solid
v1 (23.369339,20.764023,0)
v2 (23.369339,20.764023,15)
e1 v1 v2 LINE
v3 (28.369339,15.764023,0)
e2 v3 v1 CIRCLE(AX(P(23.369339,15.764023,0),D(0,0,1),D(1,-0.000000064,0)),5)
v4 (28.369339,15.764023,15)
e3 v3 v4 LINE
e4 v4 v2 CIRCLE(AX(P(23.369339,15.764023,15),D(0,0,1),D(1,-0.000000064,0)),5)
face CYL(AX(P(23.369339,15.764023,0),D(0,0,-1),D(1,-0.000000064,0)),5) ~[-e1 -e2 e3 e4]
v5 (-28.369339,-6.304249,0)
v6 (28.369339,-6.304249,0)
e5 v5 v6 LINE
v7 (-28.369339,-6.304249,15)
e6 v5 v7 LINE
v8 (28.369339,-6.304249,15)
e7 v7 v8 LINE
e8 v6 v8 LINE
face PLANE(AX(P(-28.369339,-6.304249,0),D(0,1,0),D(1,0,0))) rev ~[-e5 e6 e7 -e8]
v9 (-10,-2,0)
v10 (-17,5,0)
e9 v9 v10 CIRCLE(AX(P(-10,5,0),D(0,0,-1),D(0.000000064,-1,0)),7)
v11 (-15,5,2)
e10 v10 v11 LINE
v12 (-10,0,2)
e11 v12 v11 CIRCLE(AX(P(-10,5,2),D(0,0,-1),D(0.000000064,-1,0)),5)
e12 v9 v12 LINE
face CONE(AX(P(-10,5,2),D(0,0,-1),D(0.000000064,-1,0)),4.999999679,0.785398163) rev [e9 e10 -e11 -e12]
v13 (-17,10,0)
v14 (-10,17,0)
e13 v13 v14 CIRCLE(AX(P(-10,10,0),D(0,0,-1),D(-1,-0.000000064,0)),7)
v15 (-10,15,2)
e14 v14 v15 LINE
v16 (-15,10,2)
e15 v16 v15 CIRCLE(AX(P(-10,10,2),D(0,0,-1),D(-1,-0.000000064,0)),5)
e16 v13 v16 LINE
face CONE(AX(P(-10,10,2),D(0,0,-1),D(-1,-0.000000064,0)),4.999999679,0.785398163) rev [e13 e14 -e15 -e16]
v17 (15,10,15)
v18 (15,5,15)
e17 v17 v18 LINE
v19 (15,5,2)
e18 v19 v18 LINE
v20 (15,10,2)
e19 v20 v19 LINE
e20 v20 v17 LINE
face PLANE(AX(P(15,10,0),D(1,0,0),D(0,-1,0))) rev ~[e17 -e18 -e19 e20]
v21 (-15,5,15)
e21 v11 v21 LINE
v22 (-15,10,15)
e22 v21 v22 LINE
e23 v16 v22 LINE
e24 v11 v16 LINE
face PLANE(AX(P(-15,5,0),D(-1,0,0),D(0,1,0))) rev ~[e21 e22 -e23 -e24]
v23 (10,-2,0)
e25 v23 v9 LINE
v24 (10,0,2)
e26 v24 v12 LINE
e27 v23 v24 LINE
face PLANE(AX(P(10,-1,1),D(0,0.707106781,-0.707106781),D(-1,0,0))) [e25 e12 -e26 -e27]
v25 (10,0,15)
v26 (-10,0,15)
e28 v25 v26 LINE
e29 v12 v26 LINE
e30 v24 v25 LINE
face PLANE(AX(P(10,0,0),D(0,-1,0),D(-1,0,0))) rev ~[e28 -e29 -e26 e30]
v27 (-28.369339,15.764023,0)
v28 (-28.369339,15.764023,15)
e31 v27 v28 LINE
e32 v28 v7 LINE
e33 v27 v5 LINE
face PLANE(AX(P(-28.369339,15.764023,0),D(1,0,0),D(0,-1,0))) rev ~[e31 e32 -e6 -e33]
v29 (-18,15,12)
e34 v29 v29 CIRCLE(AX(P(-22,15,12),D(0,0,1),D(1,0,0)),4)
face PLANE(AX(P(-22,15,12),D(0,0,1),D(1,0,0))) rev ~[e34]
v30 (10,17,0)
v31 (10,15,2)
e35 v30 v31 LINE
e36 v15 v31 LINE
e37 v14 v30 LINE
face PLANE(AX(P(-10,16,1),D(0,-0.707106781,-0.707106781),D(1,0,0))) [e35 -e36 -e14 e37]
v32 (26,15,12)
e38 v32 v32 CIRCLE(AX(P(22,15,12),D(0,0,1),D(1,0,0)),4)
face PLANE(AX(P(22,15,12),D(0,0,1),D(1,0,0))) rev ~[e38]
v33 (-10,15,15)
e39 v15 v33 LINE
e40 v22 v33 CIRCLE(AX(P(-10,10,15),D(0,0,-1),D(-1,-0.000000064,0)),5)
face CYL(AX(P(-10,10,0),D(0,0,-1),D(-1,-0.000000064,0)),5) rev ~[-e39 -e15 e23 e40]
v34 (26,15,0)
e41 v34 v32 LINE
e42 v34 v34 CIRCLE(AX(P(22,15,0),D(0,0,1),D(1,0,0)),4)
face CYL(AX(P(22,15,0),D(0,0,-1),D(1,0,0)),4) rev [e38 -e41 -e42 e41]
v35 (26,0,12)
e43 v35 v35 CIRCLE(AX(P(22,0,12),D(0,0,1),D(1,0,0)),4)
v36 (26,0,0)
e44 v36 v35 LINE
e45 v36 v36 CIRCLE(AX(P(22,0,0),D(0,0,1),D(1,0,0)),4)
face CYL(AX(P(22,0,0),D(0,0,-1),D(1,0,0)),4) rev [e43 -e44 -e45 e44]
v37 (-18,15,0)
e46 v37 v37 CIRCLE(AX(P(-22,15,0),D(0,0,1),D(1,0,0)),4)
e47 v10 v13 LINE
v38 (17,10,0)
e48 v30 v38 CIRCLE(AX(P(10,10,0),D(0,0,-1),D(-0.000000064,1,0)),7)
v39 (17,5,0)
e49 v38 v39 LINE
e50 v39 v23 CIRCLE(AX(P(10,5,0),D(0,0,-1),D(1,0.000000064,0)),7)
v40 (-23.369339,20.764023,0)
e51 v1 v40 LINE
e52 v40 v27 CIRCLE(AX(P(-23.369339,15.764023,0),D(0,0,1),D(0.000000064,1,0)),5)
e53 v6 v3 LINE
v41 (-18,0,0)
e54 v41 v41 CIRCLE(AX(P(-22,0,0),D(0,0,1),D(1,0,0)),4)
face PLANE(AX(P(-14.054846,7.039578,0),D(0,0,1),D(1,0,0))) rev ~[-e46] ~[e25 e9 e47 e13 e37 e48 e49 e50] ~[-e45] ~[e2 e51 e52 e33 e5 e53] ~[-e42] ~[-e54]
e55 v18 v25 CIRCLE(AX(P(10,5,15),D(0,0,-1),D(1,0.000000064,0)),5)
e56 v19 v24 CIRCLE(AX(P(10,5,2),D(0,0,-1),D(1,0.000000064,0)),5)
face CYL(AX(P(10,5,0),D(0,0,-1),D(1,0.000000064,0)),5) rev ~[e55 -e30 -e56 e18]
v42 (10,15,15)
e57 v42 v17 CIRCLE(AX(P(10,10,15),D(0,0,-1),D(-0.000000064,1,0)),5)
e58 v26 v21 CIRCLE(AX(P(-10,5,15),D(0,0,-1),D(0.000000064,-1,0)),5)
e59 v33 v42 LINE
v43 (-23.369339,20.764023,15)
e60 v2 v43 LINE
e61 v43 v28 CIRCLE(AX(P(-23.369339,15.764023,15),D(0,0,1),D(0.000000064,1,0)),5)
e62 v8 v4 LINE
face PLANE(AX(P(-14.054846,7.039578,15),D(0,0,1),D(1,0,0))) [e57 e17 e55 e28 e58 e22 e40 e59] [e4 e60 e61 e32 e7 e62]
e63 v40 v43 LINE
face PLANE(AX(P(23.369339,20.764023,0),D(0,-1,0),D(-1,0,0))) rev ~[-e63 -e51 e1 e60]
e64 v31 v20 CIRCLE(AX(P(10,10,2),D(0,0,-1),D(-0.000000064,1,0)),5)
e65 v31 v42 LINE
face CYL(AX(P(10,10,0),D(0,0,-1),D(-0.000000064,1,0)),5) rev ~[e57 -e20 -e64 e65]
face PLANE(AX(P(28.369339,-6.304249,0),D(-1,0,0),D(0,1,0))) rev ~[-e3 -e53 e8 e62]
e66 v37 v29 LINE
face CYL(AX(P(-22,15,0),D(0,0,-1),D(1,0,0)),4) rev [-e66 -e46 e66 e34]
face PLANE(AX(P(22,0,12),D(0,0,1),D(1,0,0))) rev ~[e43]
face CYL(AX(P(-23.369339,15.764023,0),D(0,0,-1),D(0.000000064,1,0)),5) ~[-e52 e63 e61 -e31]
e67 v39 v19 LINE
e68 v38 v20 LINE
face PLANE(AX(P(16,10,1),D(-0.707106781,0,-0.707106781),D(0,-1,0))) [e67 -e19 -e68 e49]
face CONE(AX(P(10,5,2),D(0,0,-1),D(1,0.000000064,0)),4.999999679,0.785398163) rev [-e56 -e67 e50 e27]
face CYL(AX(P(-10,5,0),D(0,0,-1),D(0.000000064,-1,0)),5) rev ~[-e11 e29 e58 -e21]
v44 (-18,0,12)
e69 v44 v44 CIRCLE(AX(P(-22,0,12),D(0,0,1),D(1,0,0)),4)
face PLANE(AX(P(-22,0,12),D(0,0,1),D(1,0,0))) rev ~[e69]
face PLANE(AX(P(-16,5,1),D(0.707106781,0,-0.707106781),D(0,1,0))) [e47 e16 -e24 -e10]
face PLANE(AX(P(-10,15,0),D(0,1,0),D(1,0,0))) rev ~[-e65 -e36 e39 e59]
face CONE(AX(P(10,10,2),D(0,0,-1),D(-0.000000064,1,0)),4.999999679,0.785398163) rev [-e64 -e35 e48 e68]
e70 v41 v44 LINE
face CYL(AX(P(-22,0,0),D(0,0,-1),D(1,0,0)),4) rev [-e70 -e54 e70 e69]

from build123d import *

# Parameters (mm, degrees)
F0_R     = 4
F1_DEPTH = 15
F2_DEPTH = 12
F3_SIZE  = 2


with BuildPart() as f1:
    # F0 (on Top) → F1 (new body)
    with BuildSketch(Plane.XY):
        with BuildLine():
            Line((0, 15), (0, 20.764023))
            Line((0, 20.764023), (-23.369339, 20.764023))
            ThreePointArc((-23.369339, 20.764023), (-26.904873, 19.299557), (-28.369339, 15.764023))
            Line((-28.369339, 15.764023), (-28.369339, -6.304249))
            Line((-28.369339, -6.304249), (0, -6.304249))
            Line((0, -6.304249), (0, 0))
            Line((0, 0), (-10, 0))
            ThreePointArc((-10, 0), (-13.535534, 1.464466), (-15, 5))
            Line((-15, 5), (-15, 10))
            ThreePointArc((-15, 10), (-13.535534, 13.535534), (-10, 15))
            Line((-10, 15), (0, 15))
        make_face()
        with Locations((-22, 0)):
            Circle(F0_R, mode=Mode.SUBTRACT)
        with Locations((-22, 15)):
            Circle(F0_R, mode=Mode.SUBTRACT)
        with BuildLine():
            Line((23.369339, 20.764023), (0, 20.764023))
            Line((0, 20.764023), (0, 15))
            Line((0, 15), (10, 15))
            ThreePointArc((10, 15), (13.535534, 13.535534), (15, 10))
            Line((15, 10), (15, 5))
            ThreePointArc((15, 5), (13.535534, 1.464466), (10, 0))
            Line((10, 0), (0, 0))
            Line((0, 0), (0, -6.304249))
            Line((0, -6.304249), (28.369339, -6.304249))
            Line((28.369339, -6.304249), (28.369339, 15.764023))
            ThreePointArc((28.369339, 15.764023), (26.904873, 19.299557), (23.369339, 20.764023))
        make_face()
        with Locations((22, 0)):
            Circle(F0_R, mode=Mode.SUBTRACT)
        with Locations((22, 15)):
            Circle(F0_R, mode=Mode.SUBTRACT)
        with Locations((-22, 15)):
            Circle(F0_R)
        with Locations((-22, 0)):
            Circle(F0_R)
        with Locations((22, 15)):
            Circle(F0_R)
        with Locations((22, 0)):
            Circle(F0_R)
    extrude(amount=F1_DEPTH)

    # F0 (on Top) → F2 (cut)
    with BuildSketch(Plane.XY):
        with Locations((22, 15)):
            Circle(F0_R)
        with Locations((22, 0)):
            Circle(F0_R)
        with Locations((-22, 15)):
            Circle(F0_R)
        with Locations((-22, 0)):
            Circle(F0_R)
    extrude(amount=F2_DEPTH, mode=Mode.SUBTRACT)

    # F3
    f3_edges = [f1.edges().sort_by_distance(p)[0] for p in [
        (0, 15, 0),
    ]]
    chamfer(f3_edges, length=F3_SIZE)


solid = f1.part
